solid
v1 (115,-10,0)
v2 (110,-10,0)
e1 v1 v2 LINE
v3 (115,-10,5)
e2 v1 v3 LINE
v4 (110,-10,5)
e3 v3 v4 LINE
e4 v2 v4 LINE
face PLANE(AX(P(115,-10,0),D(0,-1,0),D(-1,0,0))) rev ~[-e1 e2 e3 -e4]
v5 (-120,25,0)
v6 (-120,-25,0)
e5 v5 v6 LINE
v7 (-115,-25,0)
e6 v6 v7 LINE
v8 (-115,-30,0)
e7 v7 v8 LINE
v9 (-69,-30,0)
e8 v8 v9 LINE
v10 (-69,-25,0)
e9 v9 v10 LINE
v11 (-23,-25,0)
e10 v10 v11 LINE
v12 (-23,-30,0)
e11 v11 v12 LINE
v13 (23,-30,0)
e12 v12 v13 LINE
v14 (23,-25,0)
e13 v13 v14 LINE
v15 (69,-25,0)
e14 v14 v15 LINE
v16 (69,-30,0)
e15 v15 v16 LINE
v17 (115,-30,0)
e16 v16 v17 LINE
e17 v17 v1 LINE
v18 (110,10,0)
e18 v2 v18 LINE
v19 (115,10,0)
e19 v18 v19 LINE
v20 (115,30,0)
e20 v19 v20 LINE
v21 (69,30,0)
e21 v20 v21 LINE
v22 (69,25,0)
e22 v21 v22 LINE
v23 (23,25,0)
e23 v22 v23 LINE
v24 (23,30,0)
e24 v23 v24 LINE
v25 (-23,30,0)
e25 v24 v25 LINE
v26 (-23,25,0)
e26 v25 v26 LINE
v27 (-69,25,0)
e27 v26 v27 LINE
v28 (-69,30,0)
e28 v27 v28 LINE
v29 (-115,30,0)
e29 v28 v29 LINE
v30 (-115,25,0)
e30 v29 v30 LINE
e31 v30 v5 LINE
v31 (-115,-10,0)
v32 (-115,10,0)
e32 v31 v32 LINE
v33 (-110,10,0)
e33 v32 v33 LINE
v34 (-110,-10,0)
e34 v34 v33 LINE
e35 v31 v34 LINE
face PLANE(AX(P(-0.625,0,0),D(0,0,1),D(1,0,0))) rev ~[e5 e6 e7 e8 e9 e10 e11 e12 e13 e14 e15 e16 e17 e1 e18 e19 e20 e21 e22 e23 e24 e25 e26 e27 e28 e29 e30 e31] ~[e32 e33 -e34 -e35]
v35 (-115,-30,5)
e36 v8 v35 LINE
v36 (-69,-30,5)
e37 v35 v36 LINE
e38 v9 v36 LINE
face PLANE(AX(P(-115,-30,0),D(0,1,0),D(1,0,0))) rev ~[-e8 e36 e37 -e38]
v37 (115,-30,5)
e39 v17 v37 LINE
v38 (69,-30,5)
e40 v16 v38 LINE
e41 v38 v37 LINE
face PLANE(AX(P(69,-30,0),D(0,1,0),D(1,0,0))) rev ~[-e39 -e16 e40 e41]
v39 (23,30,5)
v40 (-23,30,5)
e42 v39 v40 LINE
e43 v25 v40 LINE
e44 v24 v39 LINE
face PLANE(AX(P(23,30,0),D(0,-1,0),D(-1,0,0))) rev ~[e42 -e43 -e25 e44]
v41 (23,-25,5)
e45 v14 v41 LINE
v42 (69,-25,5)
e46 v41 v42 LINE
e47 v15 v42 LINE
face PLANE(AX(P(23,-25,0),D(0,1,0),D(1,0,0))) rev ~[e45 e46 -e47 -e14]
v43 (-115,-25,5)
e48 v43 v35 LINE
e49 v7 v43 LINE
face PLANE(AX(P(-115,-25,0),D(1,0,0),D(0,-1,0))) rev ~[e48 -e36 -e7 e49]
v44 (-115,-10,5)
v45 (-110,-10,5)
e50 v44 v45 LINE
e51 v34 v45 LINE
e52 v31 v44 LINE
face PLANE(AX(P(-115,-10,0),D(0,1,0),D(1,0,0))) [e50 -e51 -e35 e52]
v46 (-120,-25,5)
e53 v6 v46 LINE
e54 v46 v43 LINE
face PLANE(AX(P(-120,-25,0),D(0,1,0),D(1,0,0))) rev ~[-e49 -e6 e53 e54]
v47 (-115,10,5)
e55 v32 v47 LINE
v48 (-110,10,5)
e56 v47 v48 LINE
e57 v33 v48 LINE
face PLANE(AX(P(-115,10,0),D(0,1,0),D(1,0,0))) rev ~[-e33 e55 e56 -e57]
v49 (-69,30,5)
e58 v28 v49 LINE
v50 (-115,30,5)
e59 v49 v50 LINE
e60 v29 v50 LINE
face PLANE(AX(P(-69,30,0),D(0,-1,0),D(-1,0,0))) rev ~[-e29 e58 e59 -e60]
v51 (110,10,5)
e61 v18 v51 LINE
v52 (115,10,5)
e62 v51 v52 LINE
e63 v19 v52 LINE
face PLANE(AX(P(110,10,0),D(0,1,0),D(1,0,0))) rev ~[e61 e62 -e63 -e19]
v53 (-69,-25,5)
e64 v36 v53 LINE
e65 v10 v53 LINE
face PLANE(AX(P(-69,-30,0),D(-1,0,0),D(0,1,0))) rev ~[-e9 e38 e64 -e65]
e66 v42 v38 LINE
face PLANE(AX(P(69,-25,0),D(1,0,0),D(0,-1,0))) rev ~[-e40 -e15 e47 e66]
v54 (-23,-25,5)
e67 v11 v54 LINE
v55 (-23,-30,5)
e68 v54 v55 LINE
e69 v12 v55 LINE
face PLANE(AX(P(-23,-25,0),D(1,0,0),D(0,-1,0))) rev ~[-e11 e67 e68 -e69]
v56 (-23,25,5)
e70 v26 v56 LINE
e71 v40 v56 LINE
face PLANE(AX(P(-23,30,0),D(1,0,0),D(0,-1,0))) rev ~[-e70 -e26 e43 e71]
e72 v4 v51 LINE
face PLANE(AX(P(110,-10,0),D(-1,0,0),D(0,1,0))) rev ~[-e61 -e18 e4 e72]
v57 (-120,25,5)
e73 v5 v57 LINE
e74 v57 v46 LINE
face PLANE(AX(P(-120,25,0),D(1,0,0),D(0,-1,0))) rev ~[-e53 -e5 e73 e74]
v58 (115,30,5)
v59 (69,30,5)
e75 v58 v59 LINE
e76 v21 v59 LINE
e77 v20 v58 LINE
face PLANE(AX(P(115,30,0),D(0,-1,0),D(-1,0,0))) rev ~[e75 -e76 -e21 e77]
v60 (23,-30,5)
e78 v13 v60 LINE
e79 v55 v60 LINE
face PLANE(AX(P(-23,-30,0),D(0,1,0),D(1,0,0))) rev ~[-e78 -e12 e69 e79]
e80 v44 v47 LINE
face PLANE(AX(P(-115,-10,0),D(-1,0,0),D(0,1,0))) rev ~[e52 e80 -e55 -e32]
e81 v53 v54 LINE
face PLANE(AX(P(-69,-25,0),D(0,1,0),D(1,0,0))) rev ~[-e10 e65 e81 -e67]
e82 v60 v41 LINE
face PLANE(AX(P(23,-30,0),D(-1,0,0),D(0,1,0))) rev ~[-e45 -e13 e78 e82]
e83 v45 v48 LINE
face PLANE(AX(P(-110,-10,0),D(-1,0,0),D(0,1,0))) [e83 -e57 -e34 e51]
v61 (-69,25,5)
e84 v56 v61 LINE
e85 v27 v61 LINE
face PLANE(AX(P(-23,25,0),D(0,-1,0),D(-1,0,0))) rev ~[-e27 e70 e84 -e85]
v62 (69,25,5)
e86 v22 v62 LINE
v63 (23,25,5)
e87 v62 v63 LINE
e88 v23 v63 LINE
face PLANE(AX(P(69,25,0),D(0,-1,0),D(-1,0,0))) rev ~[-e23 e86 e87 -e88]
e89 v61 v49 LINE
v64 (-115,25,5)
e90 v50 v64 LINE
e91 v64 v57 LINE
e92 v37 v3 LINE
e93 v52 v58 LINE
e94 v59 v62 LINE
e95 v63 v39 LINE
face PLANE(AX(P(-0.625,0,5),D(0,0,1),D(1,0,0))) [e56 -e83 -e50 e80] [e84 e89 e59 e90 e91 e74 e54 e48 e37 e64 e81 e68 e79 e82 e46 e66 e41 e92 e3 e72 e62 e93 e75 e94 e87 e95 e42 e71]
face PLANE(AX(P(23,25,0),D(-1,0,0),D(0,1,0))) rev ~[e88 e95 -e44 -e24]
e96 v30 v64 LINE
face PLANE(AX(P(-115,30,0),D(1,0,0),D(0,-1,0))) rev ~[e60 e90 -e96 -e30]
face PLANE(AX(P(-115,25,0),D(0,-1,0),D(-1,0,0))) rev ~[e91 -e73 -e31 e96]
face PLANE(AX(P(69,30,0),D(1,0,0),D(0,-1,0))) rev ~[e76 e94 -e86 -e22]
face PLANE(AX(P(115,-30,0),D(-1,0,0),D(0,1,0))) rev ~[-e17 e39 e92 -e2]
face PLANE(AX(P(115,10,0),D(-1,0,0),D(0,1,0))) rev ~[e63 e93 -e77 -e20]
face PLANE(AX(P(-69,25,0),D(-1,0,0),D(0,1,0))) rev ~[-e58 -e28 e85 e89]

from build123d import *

# Parameters (mm, degrees)
F0_W     = 5
F0_H     = 20
F1_DEPTH = 5


with BuildPart() as f1:
    # F0 (on Top) → F1 (new body)
    with BuildSketch(Plane.XY):
        Polygon((69, 30), (69, 25), (23, 25), (23, 30), (-23, 30), (-23, 25), (-69, 25), (-69, 30), (-115, 30), (-115, 25), (-120, 25), (-120, -25), (-115, -25), (-115, -30), (-69, -30), (-69, -25), (-23, -25), (-23, -30), (23, -30), (23, -25), (69, -25), (69, -30), (115, -30), (115, -10), (110, -10), (110, 10), (115, 10), (115, 30), align=None)
        with Locations((-112.5, 0)):
            Rectangle(F0_W, F0_H, mode=Mode.SUBTRACT)
    extrude(amount=F1_DEPTH)


solid = f1.part
